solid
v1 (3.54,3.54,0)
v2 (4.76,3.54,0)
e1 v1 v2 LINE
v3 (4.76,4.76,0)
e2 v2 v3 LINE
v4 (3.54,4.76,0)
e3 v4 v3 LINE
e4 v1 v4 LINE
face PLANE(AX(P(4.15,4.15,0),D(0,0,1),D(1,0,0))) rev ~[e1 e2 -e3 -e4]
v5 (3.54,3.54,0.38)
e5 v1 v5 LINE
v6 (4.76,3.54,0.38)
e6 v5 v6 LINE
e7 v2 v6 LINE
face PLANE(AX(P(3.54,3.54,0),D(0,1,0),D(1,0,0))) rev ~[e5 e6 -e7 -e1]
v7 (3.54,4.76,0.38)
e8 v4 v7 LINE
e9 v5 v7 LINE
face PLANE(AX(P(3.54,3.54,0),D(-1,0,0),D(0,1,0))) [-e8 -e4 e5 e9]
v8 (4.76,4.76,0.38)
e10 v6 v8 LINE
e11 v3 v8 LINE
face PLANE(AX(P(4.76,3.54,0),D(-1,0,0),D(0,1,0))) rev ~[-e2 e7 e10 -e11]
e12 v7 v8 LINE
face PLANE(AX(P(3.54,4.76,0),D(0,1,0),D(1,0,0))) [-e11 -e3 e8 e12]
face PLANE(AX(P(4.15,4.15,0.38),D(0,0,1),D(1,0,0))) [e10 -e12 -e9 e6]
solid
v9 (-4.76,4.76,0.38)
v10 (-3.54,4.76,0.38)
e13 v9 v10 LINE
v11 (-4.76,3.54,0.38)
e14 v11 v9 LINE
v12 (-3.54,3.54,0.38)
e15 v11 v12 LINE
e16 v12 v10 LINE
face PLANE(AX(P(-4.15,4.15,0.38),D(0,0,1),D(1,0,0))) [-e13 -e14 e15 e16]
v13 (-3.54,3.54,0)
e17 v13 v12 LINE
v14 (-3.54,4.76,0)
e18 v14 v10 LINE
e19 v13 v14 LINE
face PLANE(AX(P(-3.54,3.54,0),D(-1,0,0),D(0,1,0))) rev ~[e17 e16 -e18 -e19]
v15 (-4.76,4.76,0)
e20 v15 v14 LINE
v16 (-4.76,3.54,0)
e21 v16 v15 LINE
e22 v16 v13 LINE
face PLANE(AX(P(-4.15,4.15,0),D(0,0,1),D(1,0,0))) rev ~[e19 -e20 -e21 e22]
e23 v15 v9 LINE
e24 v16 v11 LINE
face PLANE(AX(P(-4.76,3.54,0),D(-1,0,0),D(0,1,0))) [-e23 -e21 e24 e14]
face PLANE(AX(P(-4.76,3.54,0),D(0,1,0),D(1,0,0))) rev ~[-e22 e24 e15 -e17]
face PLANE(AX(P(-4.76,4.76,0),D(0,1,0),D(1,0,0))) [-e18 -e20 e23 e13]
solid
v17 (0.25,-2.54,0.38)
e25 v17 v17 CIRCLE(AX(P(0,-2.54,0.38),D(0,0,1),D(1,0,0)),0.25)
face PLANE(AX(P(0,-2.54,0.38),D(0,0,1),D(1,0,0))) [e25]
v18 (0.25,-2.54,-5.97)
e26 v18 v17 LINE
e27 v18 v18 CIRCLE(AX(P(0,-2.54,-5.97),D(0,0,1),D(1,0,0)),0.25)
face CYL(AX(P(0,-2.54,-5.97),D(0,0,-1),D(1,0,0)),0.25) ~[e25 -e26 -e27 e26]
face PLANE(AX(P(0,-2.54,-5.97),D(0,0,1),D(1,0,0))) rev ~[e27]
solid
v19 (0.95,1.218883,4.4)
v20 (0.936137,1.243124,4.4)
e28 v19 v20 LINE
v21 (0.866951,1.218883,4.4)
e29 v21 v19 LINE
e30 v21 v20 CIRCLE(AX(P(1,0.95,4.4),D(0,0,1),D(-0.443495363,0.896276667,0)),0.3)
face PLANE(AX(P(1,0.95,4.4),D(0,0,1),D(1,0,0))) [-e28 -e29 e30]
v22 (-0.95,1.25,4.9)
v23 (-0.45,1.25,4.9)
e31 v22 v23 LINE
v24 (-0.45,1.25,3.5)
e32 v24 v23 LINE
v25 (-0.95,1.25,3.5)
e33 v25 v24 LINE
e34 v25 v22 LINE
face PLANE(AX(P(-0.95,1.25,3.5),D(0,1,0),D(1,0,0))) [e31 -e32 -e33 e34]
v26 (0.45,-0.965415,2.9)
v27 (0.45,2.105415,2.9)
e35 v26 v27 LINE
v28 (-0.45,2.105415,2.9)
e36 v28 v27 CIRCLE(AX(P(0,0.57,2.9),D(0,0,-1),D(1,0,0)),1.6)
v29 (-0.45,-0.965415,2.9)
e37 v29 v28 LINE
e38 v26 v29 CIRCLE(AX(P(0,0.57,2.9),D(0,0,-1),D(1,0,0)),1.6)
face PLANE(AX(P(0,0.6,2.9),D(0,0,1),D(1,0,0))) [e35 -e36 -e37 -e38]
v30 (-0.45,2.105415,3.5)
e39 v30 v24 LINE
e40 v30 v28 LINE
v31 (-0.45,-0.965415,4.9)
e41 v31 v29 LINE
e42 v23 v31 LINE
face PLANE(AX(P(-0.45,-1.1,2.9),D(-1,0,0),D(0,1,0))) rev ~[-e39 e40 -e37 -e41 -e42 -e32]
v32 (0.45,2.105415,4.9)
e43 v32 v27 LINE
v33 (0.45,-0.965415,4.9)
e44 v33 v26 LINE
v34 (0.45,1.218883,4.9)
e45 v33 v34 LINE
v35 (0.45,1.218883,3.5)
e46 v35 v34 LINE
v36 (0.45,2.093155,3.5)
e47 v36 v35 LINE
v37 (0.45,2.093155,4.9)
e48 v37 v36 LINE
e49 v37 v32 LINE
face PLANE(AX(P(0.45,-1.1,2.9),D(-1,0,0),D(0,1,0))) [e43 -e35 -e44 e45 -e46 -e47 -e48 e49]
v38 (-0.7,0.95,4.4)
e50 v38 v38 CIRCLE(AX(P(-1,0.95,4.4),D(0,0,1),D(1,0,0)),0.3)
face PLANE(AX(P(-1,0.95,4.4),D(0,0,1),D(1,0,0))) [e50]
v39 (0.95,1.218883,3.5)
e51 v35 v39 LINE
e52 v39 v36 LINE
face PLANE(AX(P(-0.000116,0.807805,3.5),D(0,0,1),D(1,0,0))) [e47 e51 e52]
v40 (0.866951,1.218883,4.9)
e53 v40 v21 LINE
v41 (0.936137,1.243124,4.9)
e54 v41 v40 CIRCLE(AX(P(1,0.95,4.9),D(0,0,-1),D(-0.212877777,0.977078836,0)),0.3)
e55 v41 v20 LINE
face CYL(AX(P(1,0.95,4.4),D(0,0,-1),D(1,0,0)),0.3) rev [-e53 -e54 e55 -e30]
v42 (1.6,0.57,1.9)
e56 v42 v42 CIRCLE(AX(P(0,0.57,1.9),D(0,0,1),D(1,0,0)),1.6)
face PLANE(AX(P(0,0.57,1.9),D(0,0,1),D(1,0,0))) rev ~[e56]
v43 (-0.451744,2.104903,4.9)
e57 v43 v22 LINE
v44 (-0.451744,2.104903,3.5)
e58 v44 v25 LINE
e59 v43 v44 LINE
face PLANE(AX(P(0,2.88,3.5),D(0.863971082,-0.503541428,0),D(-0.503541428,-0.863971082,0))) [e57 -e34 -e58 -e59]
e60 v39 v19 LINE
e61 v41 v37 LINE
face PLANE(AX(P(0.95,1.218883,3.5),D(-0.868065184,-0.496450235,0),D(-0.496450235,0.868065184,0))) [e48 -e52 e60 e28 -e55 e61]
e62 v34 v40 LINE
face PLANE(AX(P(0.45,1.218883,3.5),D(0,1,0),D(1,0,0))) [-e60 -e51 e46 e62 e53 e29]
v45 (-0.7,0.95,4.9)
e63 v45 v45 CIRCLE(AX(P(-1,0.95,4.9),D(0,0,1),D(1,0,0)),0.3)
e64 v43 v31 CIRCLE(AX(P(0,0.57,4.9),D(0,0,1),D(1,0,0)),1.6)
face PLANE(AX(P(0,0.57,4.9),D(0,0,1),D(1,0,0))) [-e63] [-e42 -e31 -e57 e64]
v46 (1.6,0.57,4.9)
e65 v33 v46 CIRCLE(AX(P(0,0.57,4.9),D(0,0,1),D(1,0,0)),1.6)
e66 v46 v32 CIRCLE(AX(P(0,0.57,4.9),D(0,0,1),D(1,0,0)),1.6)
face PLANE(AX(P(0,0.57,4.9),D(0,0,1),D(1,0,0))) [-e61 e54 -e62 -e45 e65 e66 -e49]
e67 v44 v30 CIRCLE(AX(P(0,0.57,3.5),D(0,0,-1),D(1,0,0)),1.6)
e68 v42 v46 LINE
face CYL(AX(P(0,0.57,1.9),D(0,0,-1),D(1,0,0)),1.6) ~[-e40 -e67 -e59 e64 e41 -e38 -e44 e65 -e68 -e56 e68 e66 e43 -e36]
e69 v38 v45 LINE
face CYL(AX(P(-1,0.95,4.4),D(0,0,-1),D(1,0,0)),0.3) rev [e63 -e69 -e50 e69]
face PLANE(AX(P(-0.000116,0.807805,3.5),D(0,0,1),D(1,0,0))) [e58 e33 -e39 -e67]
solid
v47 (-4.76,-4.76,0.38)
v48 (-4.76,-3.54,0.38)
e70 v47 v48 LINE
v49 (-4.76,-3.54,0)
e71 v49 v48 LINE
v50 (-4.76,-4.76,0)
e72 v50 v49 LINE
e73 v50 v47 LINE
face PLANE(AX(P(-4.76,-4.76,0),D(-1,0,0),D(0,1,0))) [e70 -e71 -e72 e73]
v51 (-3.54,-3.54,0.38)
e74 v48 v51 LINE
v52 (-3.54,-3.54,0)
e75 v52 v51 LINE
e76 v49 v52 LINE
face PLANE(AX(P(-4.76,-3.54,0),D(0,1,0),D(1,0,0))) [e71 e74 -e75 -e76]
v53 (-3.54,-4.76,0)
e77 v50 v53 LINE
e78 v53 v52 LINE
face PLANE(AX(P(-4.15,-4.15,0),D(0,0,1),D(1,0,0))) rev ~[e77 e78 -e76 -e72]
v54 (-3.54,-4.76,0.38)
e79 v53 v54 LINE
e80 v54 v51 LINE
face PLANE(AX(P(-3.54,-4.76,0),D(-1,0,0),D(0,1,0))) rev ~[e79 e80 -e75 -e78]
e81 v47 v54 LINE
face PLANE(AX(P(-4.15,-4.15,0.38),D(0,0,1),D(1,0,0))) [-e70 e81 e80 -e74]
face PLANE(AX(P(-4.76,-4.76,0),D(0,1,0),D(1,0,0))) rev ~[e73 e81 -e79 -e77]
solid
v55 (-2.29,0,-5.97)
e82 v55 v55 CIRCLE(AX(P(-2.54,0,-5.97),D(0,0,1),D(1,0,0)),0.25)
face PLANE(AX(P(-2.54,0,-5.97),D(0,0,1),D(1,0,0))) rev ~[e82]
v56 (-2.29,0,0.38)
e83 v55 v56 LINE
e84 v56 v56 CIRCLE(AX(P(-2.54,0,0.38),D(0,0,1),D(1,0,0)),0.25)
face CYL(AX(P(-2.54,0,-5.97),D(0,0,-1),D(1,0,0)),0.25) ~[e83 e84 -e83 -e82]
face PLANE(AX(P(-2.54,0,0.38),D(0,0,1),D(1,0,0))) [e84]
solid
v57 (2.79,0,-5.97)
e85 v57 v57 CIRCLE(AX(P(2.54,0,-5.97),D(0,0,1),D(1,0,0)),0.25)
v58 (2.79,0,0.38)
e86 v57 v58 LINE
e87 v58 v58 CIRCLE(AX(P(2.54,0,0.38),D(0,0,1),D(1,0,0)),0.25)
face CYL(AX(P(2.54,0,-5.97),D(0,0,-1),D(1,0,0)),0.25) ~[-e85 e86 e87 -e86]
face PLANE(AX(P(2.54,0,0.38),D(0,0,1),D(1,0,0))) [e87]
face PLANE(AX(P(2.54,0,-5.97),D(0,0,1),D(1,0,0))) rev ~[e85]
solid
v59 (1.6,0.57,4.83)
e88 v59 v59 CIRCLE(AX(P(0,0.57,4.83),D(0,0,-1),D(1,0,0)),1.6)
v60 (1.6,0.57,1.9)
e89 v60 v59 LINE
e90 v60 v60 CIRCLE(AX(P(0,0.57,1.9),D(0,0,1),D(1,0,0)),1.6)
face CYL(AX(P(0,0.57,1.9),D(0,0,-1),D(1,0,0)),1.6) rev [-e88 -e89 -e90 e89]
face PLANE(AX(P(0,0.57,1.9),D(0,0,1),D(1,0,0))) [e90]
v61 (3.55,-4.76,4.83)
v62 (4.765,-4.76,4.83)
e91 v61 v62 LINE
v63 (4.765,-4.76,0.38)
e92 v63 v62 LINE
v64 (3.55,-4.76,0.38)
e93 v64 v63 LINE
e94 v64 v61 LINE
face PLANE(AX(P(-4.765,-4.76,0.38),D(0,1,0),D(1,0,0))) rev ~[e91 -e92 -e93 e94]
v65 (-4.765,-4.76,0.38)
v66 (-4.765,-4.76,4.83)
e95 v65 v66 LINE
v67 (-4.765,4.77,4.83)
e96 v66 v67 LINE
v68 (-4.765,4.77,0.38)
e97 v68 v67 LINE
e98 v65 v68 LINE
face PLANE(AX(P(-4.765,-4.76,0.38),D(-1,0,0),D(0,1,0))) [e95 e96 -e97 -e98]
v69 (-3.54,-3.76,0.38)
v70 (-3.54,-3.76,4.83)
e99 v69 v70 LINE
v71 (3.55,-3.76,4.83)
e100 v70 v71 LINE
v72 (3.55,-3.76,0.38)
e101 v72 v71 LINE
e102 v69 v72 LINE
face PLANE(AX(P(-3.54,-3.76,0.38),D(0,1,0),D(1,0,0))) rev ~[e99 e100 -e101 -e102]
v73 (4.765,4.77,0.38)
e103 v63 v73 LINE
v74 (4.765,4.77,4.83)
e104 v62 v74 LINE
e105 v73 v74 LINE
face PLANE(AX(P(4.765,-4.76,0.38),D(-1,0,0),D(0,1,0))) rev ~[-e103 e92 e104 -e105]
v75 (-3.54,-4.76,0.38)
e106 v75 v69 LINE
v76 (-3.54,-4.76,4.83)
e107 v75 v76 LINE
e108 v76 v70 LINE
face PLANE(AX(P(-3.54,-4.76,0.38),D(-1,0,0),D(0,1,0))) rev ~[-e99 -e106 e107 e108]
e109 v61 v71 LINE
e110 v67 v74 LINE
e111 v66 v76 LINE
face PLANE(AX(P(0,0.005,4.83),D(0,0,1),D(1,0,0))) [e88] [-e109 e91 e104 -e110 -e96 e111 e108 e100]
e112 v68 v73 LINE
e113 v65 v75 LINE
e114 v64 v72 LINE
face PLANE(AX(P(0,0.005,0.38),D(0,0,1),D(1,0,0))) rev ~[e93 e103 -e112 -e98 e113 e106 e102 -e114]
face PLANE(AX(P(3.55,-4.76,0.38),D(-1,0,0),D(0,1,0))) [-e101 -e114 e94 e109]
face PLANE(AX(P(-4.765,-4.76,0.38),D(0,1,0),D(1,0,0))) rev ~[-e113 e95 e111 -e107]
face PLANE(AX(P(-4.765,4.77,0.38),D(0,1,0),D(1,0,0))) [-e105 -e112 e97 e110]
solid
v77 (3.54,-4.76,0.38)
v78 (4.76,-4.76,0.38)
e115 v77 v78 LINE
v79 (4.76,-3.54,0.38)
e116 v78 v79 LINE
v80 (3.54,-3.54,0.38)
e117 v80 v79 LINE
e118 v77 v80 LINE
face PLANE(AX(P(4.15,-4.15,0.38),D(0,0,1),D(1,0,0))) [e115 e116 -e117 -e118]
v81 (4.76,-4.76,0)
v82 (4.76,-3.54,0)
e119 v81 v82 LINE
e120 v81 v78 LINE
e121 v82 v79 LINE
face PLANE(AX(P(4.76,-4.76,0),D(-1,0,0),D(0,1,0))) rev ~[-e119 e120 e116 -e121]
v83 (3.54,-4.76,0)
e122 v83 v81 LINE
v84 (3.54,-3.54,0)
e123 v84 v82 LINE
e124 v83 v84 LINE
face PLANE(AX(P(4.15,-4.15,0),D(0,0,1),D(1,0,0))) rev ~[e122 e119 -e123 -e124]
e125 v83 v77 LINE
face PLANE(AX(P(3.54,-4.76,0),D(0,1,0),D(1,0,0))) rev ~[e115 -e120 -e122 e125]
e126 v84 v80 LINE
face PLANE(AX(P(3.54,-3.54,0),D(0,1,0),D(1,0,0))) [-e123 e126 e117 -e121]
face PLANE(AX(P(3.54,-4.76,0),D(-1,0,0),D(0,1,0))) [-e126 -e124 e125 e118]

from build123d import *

# Parameters (mm, degrees)
BOX001_W          = 1.22
BOX001_H          = 1.22
BOX001_DEPTH      = 0.38
BOX002_W          = 1.22
BOX002_H          = 1.22
BOX002_DEPTH      = 0.38
BOX003_W          = 1.22
BOX003_H          = 1.22
BOX003_DEPTH      = 0.38
BOX004_W          = 1.22
BOX004_H          = 1.22
BOX004_DEPTH      = 0.38
CYLINDER_R        = 0.25
CYLINDER_DEPTH    = 6.35
CYLINDER001_R     = 0.25
CYLINDER001_DEPTH = 6.35
CYLINDER002_R     = 0.25
CYLINDER002_DEPTH = 6.35
CYLINDER003_R     = 1.6
CYLINDER003_DEPTH = 3
BOX005_W          = 7.09
BOX005_H          = 1
BOX005_DEPTH      = 4.45
BOX_W             = 9.53
BOX_H             = 9.53
BOX_DEPTH         = 4.45
BOX006_W          = 0.9
BOX006_H          = 3.4
BOX006_DEPTH      = 2
CYLINDER004_R     = 0.3
CYLINDER004_DEPTH = 0.5
CYLINDER005_R     = 0.3
CYLINDER005_DEPTH = 0.5
PAD_DEPTH         = 1.4
CYLINDER006_R     = 1.6
CYLINDER006_DEPTH = 3


with BuildPart() as cube001:
    # Box001 → Box001 (new body)
    with BuildSketch(Plane(origin=(-4.76, -4.76, 0), x_dir=(1, 0, 0), z_dir=(0, 0, 1))):
        with Locations((0.61, 0.61)):
            Rectangle(BOX001_W, BOX001_H)
    extrude(amount=BOX001_DEPTH)


with BuildPart() as cube002:
    # Box002 → Box002 (new body)
    with BuildSketch(Plane(origin=(-4.76, 3.54, 0), x_dir=(1, 0, 0), z_dir=(0, 0, 1))):
        with Locations((0.61, 0.61)):
            Rectangle(BOX002_W, BOX002_H)
    extrude(amount=BOX002_DEPTH)


with BuildPart() as cube003:
    # Box003 → Box003 (new body)
    with BuildSketch(Plane(origin=(3.54, -4.76, 0), x_dir=(1, 0, 0), z_dir=(0, 0, 1))):
        with Locations((0.61, 0.61)):
            Rectangle(BOX003_W, BOX003_H)
    extrude(amount=BOX003_DEPTH)


with BuildPart() as cube004:
    # Box004 → Box004 (new body)
    with BuildSketch(Plane(origin=(3.54, 3.54, 0), x_dir=(1, 0, 0), z_dir=(0, 0, 1))):
        with Locations((0.61, 0.61)):
            Rectangle(BOX004_W, BOX004_H)
    extrude(amount=BOX004_DEPTH)


with BuildPart() as cylinder:
    # Cylinder → Cylinder (new body)
    with BuildSketch(Plane(origin=(2.54, 0, -5.97), x_dir=(1, 0, 0), z_dir=(0, 0, 1))):
        Circle(CYLINDER_R)
    extrude(amount=CYLINDER_DEPTH)


with BuildPart() as cylinder001:
    # Cylinder001 → Cylinder001 (new body)
    with BuildSketch(Plane(origin=(-2.54, 0, -5.97), x_dir=(1, 0, 0), z_dir=(0, 0, 1))):
        Circle(CYLINDER001_R)
    extrude(amount=CYLINDER001_DEPTH)


with BuildPart() as cylinder002:
    # Cylinder002 → Cylinder002 (new body)
    with BuildSketch(Plane(origin=(0, -2.54, -5.97), x_dir=(1, 0, 0), z_dir=(0, 0, 1))):
        Circle(CYLINDER002_R)
    extrude(amount=CYLINDER002_DEPTH)


with BuildPart() as cylinder003:
    # Cylinder003 → Cylinder003 (new body)
    with BuildSketch(Plane(origin=(0, 0.57, 1.9), x_dir=(1, 0, 0), z_dir=(0, 0, 1))):
        Circle(CYLINDER003_R)
    extrude(amount=CYLINDER003_DEPTH)


with BuildPart() as cube005:
    # Box005 → Box005 (new body)
    with BuildSketch(Plane(origin=(-3.54, -4.76, 0.38), x_dir=(1, 0, 0), z_dir=(0, 0, 1))):
        with Locations((3.545, 0.5)):
            Rectangle(BOX005_W, BOX005_H)
    extrude(amount=BOX005_DEPTH)


with BuildPart() as cut002:
    # Box → Box (new body)
    with BuildSketch(Plane(origin=(-4.765, -4.76, 0.38), x_dir=(1, 0, 0), z_dir=(0, 0, 1))):
        with Locations((4.765, 4.765)):
            Rectangle(BOX_W, BOX_H)
    extrude(amount=BOX_DEPTH)

    # Cut: cut Cube005
    add(cube005.part, mode=Mode.SUBTRACT)

    # Cut002: cut Cylinder003
    add(cylinder003.part, mode=Mode.SUBTRACT)


with BuildPart() as cube006:
    # Box006 → Box006 (new body)
    with BuildSketch(Plane(origin=(-0.45, -1.1, 2.9), x_dir=(1, 0, 0), z_dir=(0, 0, 1))):
        with Locations((0.45, 1.7)):
            Rectangle(BOX006_W, BOX006_H)
    extrude(amount=BOX006_DEPTH)


with BuildPart() as cylinder004:
    # Cylinder004 → Cylinder004 (new body)
    with BuildSketch(Plane(origin=(-1, 0.95, 4.4), x_dir=(1, 0, 0), z_dir=(0, 0, 1))):
        Circle(CYLINDER004_R)
    extrude(amount=CYLINDER004_DEPTH)


with BuildPart() as cylinder005:
    # Cylinder005 → Cylinder005 (new body)
    with BuildSketch(Plane(origin=(1, 0.95, 4.4), x_dir=(1, 0, 0), z_dir=(0, 0, 1))):
        Circle(CYLINDER005_R)
    extrude(amount=CYLINDER005_DEPTH)


with BuildPart() as fusion:
    # Sketch → Pad (new body)
    with BuildSketch(Plane.XY):
        Polygon((-0.45, -1.1), (0.45, -1.1), (0.45, 1.218883), (0.95, 1.218883), (0, 2.88), (-0.95, 1.25), (-0.45, 1.25), align=None)
    extrude(amount=PAD_DEPTH)


with BuildPart() as fusion_1:
    # Body placement: moved
    add(fusion.part.moved(Location((0, 0, 3.5))))

    # Fusion: union Cube006, Cylinder004, Cylinder005
    add(cube006.part)
    add(cylinder004.part)
    add(cylinder005.part)


with BuildPart() as cut003:
    # Cylinder006 → Cylinder006 (new body)
    with BuildSketch(Plane(origin=(0, 0.57, 1.9), x_dir=(1, 0, 0), z_dir=(0, 0, 1))):
        Circle(CYLINDER006_R)
    extrude(amount=CYLINDER006_DEPTH)

    # Cut003: cut Fusion
    add(fusion_1.part, mode=Mode.SUBTRACT)


solid = Compound([cube001.part, cube002.part, cube003.part, cube004.part, cylinder.part, cylinder001.part, cylinder002.part, cut002.part, cut003.part])
